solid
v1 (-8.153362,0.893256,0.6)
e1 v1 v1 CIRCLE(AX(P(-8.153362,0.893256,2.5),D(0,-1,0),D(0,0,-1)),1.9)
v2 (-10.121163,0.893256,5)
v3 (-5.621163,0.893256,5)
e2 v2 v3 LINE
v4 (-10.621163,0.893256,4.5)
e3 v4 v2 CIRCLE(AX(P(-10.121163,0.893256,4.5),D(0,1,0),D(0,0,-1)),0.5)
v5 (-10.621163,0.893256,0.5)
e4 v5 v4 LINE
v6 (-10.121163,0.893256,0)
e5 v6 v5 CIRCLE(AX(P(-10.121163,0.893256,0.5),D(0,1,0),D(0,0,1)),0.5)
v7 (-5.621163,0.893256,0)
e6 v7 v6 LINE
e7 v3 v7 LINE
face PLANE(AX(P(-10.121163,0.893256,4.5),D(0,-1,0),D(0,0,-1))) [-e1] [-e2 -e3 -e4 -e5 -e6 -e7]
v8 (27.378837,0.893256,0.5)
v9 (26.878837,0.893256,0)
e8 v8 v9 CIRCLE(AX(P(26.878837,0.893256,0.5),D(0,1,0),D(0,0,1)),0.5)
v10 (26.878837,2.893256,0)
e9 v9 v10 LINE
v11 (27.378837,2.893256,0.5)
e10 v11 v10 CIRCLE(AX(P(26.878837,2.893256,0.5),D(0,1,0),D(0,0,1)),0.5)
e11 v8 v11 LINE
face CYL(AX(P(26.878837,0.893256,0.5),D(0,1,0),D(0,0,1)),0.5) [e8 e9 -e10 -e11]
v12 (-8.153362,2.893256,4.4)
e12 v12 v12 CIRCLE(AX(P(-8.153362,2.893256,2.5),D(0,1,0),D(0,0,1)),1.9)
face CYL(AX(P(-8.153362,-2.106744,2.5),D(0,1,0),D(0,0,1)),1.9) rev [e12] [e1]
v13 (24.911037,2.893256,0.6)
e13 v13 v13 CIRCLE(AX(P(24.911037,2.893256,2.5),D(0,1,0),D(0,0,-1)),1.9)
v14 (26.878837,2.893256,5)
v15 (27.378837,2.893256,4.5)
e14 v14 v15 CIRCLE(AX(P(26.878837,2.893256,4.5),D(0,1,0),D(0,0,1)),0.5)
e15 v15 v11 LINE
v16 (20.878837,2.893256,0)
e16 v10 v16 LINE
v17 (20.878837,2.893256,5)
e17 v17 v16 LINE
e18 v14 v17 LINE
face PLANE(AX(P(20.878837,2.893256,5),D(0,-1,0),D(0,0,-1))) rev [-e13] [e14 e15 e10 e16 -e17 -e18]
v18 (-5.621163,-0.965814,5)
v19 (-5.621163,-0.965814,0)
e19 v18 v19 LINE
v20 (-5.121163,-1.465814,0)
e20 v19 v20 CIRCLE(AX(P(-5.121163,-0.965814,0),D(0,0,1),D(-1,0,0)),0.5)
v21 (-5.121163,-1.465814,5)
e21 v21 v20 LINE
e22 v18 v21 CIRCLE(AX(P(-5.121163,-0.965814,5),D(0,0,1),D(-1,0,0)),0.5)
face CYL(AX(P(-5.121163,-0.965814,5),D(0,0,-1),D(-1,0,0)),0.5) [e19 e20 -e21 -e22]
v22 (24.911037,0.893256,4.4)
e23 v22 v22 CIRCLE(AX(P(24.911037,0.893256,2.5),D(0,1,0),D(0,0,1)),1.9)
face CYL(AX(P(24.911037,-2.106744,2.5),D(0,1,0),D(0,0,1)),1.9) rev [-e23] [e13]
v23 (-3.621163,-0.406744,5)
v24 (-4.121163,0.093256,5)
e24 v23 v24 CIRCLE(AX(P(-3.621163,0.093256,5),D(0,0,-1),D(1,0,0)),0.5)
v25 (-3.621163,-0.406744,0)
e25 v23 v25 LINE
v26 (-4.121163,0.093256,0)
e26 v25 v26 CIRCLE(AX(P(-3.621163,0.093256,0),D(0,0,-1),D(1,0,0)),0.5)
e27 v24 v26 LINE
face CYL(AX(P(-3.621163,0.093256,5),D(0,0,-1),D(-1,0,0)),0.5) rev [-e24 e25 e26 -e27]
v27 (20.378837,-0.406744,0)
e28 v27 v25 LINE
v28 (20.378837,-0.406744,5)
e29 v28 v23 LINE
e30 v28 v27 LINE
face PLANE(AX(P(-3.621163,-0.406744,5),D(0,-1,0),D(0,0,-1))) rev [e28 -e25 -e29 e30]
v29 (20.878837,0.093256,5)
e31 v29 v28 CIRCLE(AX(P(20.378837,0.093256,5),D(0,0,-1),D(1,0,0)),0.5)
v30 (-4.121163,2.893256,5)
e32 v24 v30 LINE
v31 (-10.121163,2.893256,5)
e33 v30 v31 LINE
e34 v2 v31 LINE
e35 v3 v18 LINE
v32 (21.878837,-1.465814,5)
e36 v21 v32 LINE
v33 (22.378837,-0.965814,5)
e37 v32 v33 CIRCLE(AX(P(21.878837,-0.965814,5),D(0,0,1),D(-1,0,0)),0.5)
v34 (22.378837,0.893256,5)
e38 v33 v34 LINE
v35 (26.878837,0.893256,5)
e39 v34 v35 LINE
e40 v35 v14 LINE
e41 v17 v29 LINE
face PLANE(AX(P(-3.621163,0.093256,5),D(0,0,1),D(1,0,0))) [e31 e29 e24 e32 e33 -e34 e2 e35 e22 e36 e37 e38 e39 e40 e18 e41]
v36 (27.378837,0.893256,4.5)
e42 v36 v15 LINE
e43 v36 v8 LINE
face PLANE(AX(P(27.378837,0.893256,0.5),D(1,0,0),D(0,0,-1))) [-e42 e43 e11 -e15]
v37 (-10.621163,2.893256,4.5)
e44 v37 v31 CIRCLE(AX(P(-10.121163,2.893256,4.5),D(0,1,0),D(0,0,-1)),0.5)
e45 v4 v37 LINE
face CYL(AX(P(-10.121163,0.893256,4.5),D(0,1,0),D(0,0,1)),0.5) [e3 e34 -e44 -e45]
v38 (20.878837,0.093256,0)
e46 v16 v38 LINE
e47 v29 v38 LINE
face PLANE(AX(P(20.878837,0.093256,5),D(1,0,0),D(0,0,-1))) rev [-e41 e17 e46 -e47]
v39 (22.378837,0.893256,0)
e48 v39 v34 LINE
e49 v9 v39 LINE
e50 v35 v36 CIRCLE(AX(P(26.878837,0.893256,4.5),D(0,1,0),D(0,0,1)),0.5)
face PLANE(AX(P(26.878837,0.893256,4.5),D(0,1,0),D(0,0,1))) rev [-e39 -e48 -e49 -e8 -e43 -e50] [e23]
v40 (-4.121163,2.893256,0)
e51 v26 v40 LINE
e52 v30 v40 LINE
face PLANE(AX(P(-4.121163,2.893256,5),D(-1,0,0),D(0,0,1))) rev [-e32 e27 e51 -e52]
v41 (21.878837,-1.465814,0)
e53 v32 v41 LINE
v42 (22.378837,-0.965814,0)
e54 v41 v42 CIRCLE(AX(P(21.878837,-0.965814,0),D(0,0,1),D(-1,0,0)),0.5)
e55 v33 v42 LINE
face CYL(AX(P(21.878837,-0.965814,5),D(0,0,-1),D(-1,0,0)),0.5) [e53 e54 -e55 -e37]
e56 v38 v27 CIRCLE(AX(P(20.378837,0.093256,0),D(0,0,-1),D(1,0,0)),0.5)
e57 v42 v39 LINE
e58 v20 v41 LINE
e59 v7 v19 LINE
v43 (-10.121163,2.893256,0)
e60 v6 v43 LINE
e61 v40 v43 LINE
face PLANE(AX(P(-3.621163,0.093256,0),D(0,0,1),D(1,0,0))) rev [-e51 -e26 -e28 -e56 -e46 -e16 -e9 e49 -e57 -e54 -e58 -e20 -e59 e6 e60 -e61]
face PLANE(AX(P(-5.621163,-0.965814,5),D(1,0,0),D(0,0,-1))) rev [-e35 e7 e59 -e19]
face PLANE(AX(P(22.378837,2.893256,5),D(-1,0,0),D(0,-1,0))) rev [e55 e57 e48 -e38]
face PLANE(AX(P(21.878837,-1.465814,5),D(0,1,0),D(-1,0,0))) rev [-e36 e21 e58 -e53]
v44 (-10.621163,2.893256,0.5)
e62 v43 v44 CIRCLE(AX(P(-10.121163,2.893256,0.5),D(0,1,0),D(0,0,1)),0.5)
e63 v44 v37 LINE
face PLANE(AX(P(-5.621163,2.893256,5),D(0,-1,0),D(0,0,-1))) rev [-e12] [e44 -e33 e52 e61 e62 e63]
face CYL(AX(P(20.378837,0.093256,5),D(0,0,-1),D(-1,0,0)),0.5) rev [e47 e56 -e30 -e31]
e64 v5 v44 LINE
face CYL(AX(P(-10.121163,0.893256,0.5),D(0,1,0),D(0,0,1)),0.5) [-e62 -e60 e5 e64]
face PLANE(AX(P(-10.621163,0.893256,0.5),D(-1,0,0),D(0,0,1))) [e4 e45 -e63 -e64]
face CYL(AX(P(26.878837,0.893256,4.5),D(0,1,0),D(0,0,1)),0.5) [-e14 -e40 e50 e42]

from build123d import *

# Parameters (mm, degrees)
BOSS_EXTRU_1_DEPTH      = 5
BOSS_EXTRU_2_DEPTH      = 2
ESQUISSE4_R             = 1.9
ENL_V_MAT_EXTRU_1_DEPTH = 5


with BuildPart() as part:
    # Esquisse2 → Boss.-Extru.1 (new body)
    with BuildSketch(Plane.XY):
        with BuildLine():
            Line((-5.621162791, 2.893255814), (-4.121162791, 2.893255814))
            Line((-4.121162791, 2.893255814), (-4.121162791, 0.093255814))
            ThreePointArc((-4.121162791, 0.093255814), (-3.974716181, -0.260297577), (-3.621162791, -0.406744186))
            Line((-3.621162791, -0.406744186), (20.378837209, -0.406744186))
            ThreePointArc((20.378837209, -0.406744186), (20.7323906, -0.260297577), (20.878837209, 0.093255814))
            Line((20.878837209, 0.093255814), (20.878837209, 2.893255814))
            Line((20.878837209, 2.893255814), (22.378837209, 2.893255814))
            Line((22.378837209, 2.893255814), (22.378837209, -0.965813953))
            ThreePointArc((22.378837209, -0.965813953), (22.2323906, -1.319367344), (21.878837209, -1.465813953))
            Line((21.878837209, -1.465813953), (-5.121162791, -1.465813953))
            ThreePointArc((-5.121162791, -1.465813953), (-5.474716181, -1.319367344), (-5.621162791, -0.965813953))
            Line((-5.621162791, -0.965813953), (-5.621162791, 2.893255814))
        make_face()
    extrude(amount=BOSS_EXTRU_1_DEPTH)

    # Esquisse3 → Boss.-Extru.2 (add)
    with BuildSketch(Plane(origin=(0, 2.893255814, 0), x_dir=(1, 0, 0), z_dir=(0, 1, 0))):
        with BuildLine():
            Line((-5.621162791, 0), (-10.121162791, 0))
            ThreePointArc((-10.121162791, 0), (-10.474716181, -0.146446609), (-10.621162791, -0.5))
            Line((-10.621162791, -0.5), (-10.621162791, -4.5))
            ThreePointArc((-10.621162791, -4.5), (-10.474716181, -4.853553391), (-10.121162791, -5))
            Line((-10.121162791, -5), (-5.621162791, -5))
            Line((-5.621162791, -5), (-5.621162791, 0))
        make_face()
        with BuildLine():
            Line((22.378837209, -5), (26.878837209, -5))
            ThreePointArc((26.878837209, -5), (27.2323906, -4.853553391), (27.378837209, -4.5))
            Line((27.378837209, -4.5), (27.378837209, -0.5))
            ThreePointArc((27.378837209, -0.5), (27.2323906, -0.146446609), (26.878837209, 0))
            Line((26.878837209, 0), (22.378837209, 0))
            Line((22.378837209, 0), (22.378837209, -5))
        make_face()
    extrude(amount=-BOSS_EXTRU_2_DEPTH)

    # Esquisse4 → Enlèv. mat.-Extru.1 (cut)
    with BuildSketch(Plane(origin=(0, 2.893255814, 0), x_dir=(1, 0, 0), z_dir=(0, 1, 0))):
        with Locations(Location((-8.153362247, -2.5, 0), (0, 0, 270))):
            Circle(ESQUISSE4_R)
        with Locations(Location((24.911036665, -2.5, 0), (0, 0, 270))):
            Circle(ESQUISSE4_R)
    extrude(amount=-ENL_V_MAT_EXTRU_1_DEPTH, mode=Mode.SUBTRACT)


solid = part.part
